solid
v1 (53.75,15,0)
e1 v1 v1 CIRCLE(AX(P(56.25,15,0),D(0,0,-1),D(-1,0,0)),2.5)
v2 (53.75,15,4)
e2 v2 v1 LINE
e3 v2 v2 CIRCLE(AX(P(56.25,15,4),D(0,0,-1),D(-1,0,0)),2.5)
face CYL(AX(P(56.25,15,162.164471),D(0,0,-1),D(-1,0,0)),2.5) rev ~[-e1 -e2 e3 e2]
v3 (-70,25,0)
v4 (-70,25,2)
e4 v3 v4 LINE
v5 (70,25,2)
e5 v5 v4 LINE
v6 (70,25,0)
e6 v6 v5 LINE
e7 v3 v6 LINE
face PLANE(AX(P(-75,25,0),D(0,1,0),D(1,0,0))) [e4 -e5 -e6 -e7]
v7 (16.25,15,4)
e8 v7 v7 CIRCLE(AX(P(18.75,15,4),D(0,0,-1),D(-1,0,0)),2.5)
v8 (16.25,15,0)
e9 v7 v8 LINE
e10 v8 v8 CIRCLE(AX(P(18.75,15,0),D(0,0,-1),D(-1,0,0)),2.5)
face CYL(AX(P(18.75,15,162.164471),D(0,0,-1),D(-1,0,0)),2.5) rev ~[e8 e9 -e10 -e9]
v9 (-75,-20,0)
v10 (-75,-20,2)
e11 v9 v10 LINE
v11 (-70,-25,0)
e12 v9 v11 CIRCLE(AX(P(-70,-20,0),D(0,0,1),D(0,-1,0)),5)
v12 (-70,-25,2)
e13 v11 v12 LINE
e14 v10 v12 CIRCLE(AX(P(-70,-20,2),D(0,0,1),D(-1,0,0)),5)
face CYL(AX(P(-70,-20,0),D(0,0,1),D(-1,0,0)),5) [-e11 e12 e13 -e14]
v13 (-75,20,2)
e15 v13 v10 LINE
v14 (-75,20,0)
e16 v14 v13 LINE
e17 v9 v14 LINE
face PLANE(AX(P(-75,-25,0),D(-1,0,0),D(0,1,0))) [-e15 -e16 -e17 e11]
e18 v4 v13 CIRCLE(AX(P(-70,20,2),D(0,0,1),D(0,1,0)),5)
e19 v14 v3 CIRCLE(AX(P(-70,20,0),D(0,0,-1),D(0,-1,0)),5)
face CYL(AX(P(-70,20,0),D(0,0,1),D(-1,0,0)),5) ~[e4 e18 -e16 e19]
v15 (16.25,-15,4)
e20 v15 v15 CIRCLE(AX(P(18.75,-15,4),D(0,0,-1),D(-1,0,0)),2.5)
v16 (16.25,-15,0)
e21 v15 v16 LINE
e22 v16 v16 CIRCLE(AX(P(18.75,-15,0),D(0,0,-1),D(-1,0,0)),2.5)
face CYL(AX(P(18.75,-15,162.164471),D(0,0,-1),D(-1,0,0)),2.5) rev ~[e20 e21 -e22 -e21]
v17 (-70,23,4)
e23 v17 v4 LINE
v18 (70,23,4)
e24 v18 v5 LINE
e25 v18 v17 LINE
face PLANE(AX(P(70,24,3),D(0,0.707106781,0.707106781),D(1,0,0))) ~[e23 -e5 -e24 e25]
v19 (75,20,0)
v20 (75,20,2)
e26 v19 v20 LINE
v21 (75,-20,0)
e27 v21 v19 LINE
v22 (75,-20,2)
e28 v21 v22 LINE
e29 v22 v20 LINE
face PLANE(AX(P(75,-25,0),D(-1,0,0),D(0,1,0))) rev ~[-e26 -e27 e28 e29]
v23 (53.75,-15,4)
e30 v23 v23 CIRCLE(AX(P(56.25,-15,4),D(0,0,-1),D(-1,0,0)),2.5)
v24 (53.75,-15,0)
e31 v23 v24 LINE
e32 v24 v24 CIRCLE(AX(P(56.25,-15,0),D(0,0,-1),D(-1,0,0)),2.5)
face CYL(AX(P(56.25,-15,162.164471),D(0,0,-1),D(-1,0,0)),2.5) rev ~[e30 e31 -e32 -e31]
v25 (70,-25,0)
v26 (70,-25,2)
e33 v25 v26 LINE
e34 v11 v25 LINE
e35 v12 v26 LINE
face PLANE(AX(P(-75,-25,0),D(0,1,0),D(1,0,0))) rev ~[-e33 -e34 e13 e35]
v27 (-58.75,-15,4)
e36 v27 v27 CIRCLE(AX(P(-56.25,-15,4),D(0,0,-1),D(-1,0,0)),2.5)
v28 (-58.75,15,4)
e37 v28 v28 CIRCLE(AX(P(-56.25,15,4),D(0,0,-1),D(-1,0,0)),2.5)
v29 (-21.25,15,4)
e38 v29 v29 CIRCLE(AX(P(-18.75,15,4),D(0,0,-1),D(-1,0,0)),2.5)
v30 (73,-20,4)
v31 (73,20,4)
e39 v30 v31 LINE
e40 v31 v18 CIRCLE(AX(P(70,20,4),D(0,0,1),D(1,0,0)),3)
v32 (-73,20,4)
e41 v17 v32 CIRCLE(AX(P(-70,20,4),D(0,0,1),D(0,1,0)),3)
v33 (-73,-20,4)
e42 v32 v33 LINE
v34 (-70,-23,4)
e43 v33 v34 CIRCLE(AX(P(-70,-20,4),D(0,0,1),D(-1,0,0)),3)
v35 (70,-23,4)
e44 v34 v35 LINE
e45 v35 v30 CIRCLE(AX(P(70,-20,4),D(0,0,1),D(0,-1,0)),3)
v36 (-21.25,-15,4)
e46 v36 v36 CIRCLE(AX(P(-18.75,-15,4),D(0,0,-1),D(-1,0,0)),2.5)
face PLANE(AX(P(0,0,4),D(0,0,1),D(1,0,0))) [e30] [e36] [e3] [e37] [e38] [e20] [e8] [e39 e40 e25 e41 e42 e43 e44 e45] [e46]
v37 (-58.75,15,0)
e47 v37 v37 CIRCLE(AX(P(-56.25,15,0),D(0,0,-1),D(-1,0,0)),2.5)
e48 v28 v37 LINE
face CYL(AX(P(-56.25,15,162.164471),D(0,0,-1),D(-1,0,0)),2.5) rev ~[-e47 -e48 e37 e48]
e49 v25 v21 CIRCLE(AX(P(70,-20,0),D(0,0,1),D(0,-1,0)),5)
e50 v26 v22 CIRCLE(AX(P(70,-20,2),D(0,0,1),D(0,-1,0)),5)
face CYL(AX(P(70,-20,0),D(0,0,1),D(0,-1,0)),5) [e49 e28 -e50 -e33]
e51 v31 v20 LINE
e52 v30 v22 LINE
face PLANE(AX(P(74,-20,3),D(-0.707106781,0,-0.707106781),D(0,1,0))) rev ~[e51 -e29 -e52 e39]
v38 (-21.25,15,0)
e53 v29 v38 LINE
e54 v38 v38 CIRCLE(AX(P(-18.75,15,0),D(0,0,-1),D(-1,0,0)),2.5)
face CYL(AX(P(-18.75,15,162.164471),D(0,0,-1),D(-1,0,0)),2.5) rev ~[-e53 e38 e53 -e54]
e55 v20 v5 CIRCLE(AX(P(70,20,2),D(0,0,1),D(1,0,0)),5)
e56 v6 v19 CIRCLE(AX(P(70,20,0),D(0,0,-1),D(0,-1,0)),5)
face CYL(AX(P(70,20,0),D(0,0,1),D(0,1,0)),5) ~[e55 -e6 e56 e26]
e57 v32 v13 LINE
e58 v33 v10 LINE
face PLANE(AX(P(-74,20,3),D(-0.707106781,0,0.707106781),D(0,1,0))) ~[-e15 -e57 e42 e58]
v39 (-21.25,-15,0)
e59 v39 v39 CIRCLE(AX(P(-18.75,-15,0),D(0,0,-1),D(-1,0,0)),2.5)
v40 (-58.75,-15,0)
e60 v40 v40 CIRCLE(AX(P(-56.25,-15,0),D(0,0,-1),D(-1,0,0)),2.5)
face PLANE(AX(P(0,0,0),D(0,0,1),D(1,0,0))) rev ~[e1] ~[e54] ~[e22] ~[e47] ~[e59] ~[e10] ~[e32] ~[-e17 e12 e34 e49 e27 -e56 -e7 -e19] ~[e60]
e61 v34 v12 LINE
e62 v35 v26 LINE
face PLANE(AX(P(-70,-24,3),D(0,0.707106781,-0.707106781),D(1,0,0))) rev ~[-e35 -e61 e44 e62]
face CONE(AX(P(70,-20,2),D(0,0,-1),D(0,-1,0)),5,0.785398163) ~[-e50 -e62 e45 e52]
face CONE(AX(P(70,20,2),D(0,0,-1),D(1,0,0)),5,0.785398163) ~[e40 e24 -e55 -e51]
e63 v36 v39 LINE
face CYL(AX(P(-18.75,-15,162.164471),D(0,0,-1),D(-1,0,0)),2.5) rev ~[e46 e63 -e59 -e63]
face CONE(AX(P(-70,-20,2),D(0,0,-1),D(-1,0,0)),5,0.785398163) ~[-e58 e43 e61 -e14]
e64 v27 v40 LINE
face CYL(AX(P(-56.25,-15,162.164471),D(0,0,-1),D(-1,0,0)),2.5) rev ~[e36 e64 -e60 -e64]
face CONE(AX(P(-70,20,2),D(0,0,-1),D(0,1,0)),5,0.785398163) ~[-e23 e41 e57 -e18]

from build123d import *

# Parameters (mm, degrees)
F0_W     = 150
F0_H     = 50
F1_DEPTH = 4
F3_D     = 5
F4_R     = 5
F5_SIZE  = 2


with BuildPart() as f1:
    # F0 (on Top) → F1 (new body)
    with BuildSketch(Plane.XY):
        Rectangle(F0_W, F0_H)
    extrude(amount=F1_DEPTH)

    # F3 (through all)
    with Locations(Plane.XY.offset(4)):
        with Locations((-56.25, 15), (-56.25, -15), (-18.75, -15), (-18.75, 15), (18.75, 15), (18.75, -15), (56.25, -15), (56.25, 15)):
            Hole(F3_D / 2)

    # F4
    f4_edges = [f1.edges().sort_by_distance(p)[0] for p in [
        (-75, 25, 2),
        (-75, -25, 2),
        (75, -25, 2),
        (75, 25, 2),
    ]]
    fillet(f4_edges, radius=F4_R)

    # F5
    f5_edges = [f1.edges().sort_by_distance(p)[0] for p in [
        (0, -25, 4),
    ]]
    chamfer(f5_edges, length=F5_SIZE)


solid = f1.part
